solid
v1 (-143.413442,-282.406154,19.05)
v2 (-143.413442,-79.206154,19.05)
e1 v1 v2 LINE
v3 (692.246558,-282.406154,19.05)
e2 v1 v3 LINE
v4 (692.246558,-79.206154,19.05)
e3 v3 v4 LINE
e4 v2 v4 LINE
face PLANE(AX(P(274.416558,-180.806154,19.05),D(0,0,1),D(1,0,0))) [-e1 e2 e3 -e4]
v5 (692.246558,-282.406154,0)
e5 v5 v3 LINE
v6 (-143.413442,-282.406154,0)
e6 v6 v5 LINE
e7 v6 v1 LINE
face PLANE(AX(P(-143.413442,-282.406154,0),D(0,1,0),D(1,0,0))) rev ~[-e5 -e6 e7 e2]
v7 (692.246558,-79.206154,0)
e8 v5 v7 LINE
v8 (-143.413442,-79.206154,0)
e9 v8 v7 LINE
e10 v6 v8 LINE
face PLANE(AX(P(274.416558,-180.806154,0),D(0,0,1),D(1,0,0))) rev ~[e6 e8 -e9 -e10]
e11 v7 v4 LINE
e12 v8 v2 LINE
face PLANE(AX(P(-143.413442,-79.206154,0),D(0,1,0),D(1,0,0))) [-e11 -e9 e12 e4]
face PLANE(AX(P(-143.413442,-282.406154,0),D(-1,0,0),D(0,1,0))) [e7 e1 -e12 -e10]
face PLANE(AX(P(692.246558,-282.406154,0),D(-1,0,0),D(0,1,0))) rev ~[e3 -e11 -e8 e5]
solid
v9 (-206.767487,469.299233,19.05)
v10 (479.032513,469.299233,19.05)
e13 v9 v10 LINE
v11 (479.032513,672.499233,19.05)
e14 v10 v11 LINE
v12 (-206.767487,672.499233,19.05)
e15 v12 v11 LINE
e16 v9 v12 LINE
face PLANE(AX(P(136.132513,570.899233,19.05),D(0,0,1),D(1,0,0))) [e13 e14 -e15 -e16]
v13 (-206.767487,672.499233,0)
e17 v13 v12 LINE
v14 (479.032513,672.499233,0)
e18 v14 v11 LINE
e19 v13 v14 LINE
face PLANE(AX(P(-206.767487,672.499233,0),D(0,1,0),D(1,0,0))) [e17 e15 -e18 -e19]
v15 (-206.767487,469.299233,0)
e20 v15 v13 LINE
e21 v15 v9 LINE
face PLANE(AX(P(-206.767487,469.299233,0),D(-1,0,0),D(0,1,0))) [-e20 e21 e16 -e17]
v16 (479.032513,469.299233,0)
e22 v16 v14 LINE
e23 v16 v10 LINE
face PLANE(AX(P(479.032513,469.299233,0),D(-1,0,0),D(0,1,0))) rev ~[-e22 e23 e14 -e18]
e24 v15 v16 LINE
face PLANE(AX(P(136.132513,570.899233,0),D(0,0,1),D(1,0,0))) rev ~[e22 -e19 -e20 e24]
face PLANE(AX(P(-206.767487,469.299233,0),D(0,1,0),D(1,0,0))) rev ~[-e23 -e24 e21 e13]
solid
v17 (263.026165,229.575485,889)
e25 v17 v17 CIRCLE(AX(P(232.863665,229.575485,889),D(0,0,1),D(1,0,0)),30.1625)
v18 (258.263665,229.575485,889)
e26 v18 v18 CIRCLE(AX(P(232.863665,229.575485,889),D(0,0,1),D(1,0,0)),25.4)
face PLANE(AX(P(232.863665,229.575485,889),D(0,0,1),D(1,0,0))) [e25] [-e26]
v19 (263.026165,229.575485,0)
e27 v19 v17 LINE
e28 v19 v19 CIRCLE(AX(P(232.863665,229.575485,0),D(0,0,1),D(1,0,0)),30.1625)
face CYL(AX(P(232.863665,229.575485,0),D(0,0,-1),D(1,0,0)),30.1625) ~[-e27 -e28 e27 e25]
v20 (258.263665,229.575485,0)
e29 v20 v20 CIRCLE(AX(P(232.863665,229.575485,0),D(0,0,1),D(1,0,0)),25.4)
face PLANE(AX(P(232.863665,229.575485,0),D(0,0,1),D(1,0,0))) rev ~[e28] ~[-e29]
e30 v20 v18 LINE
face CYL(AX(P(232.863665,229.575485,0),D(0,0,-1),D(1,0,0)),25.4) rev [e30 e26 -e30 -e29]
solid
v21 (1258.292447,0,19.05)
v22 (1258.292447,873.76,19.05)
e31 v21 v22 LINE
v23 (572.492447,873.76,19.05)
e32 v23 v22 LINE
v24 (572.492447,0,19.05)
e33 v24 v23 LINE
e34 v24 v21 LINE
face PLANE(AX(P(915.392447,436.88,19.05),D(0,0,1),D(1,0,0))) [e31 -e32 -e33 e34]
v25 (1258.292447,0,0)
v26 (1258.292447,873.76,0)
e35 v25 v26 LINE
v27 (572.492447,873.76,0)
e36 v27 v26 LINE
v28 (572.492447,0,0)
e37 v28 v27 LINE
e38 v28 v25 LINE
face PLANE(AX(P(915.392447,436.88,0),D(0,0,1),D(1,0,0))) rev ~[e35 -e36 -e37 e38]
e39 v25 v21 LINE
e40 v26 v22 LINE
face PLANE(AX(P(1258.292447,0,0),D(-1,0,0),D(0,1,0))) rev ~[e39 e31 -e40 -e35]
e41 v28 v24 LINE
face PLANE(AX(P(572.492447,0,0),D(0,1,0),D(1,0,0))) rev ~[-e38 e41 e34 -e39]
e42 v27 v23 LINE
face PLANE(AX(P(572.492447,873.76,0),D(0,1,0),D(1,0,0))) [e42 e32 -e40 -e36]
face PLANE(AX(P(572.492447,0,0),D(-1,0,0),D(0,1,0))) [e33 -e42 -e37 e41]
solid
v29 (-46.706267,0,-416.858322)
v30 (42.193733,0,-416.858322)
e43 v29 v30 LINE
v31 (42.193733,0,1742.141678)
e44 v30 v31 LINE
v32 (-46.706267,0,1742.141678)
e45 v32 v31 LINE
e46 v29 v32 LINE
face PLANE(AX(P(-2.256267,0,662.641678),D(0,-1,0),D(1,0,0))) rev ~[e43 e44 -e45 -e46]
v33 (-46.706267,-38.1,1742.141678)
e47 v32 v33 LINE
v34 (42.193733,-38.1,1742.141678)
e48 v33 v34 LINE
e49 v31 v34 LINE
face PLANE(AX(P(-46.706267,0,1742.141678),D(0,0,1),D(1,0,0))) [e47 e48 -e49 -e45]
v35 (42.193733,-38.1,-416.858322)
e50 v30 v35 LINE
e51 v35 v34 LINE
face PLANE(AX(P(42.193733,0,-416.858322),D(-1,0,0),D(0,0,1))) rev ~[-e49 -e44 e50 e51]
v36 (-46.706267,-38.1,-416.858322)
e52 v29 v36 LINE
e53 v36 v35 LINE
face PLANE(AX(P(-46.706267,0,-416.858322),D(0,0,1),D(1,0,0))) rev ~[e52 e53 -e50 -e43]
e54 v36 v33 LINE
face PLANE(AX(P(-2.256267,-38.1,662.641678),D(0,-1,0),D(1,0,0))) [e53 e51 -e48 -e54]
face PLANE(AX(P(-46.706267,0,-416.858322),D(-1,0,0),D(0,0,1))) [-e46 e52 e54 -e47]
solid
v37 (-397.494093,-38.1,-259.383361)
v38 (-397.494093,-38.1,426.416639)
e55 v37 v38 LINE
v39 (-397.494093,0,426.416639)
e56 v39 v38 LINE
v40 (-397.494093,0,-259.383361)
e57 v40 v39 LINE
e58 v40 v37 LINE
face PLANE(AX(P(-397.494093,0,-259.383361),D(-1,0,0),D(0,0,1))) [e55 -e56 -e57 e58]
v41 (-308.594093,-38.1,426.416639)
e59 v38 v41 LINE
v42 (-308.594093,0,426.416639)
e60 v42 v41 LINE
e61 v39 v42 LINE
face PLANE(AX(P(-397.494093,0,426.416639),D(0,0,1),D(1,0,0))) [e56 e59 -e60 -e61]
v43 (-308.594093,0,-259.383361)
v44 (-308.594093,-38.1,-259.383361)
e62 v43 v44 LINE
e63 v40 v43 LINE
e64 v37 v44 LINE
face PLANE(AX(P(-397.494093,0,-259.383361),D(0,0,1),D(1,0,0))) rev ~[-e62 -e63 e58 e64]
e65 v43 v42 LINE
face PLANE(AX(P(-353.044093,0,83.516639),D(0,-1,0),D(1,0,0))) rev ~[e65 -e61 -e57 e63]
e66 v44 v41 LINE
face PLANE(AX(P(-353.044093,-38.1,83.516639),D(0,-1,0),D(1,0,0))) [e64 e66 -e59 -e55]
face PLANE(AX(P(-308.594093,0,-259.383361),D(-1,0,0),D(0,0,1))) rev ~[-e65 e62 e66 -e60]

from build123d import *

# Parameters (mm, degrees)
F0_W      = 88.9
F0_H      = 2159
F1_DEPTH  = 38.1
F2_W      = 88.9
F2_H      = 685.8
F3_DEPTH  = 38.1
F4_W      = 685.8
F4_H      = 873.76
F5_DEPTH  = 19.05
F6_W      = 685.8
F6_H      = 203.2
F7_DEPTH  = 19.05
F8_W      = 835.66
F8_H      = 203.2
F9_DEPTH  = 19.05
F10_R     = 30.1625
F10_R_2   = 25.4
F11_DEPTH = 889


with BuildPart() as f1:
    # F0 (on Front) → F1 (new body)
    with BuildSketch(Plane.XZ):
        with Locations((-2.256267, 662.641678)):
            Rectangle(F0_W, F0_H)
    extrude(amount=F1_DEPTH)


with BuildPart() as f3:
    # F2 (on Front) → F3 (new body)
    with BuildSketch(Plane.XZ):
        with Locations((-353.044093, 83.516639)):
            Rectangle(F2_W, F2_H)
    extrude(amount=F3_DEPTH)


with BuildPart() as f5:
    # F4 (on Top) → F5 (new body)
    with BuildSketch(Plane.XY):
        with Locations((915.392447, 436.88)):
            Rectangle(F4_W, F4_H)
    extrude(amount=F5_DEPTH)


with BuildPart() as f7:
    # F6 (on Top) → F7 (new body)
    with BuildSketch(Plane.XY):
        with Locations((136.132513, 570.899233)):
            Rectangle(F6_W, F6_H)
    extrude(amount=F7_DEPTH)


with BuildPart() as f9:
    # F8 (on Top) → F9 (new body)
    with BuildSketch(Plane.XY):
        with Locations((274.416558, -180.806154)):
            Rectangle(F8_W, F8_H)
    extrude(amount=F9_DEPTH)


with BuildPart() as f11:
    # F10 (on Top) → F11 (new body)
    with BuildSketch(Plane.XY):
        with Locations((232.863665, 229.575485)):
            Circle(F10_R)
        with Locations((232.863665, 229.575485)):
            Circle(F10_R_2, mode=Mode.SUBTRACT)
    extrude(amount=F11_DEPTH)


solid = Compound([f1.part, f3.part, f5.part, f7.part, f9.part, f11.part])
